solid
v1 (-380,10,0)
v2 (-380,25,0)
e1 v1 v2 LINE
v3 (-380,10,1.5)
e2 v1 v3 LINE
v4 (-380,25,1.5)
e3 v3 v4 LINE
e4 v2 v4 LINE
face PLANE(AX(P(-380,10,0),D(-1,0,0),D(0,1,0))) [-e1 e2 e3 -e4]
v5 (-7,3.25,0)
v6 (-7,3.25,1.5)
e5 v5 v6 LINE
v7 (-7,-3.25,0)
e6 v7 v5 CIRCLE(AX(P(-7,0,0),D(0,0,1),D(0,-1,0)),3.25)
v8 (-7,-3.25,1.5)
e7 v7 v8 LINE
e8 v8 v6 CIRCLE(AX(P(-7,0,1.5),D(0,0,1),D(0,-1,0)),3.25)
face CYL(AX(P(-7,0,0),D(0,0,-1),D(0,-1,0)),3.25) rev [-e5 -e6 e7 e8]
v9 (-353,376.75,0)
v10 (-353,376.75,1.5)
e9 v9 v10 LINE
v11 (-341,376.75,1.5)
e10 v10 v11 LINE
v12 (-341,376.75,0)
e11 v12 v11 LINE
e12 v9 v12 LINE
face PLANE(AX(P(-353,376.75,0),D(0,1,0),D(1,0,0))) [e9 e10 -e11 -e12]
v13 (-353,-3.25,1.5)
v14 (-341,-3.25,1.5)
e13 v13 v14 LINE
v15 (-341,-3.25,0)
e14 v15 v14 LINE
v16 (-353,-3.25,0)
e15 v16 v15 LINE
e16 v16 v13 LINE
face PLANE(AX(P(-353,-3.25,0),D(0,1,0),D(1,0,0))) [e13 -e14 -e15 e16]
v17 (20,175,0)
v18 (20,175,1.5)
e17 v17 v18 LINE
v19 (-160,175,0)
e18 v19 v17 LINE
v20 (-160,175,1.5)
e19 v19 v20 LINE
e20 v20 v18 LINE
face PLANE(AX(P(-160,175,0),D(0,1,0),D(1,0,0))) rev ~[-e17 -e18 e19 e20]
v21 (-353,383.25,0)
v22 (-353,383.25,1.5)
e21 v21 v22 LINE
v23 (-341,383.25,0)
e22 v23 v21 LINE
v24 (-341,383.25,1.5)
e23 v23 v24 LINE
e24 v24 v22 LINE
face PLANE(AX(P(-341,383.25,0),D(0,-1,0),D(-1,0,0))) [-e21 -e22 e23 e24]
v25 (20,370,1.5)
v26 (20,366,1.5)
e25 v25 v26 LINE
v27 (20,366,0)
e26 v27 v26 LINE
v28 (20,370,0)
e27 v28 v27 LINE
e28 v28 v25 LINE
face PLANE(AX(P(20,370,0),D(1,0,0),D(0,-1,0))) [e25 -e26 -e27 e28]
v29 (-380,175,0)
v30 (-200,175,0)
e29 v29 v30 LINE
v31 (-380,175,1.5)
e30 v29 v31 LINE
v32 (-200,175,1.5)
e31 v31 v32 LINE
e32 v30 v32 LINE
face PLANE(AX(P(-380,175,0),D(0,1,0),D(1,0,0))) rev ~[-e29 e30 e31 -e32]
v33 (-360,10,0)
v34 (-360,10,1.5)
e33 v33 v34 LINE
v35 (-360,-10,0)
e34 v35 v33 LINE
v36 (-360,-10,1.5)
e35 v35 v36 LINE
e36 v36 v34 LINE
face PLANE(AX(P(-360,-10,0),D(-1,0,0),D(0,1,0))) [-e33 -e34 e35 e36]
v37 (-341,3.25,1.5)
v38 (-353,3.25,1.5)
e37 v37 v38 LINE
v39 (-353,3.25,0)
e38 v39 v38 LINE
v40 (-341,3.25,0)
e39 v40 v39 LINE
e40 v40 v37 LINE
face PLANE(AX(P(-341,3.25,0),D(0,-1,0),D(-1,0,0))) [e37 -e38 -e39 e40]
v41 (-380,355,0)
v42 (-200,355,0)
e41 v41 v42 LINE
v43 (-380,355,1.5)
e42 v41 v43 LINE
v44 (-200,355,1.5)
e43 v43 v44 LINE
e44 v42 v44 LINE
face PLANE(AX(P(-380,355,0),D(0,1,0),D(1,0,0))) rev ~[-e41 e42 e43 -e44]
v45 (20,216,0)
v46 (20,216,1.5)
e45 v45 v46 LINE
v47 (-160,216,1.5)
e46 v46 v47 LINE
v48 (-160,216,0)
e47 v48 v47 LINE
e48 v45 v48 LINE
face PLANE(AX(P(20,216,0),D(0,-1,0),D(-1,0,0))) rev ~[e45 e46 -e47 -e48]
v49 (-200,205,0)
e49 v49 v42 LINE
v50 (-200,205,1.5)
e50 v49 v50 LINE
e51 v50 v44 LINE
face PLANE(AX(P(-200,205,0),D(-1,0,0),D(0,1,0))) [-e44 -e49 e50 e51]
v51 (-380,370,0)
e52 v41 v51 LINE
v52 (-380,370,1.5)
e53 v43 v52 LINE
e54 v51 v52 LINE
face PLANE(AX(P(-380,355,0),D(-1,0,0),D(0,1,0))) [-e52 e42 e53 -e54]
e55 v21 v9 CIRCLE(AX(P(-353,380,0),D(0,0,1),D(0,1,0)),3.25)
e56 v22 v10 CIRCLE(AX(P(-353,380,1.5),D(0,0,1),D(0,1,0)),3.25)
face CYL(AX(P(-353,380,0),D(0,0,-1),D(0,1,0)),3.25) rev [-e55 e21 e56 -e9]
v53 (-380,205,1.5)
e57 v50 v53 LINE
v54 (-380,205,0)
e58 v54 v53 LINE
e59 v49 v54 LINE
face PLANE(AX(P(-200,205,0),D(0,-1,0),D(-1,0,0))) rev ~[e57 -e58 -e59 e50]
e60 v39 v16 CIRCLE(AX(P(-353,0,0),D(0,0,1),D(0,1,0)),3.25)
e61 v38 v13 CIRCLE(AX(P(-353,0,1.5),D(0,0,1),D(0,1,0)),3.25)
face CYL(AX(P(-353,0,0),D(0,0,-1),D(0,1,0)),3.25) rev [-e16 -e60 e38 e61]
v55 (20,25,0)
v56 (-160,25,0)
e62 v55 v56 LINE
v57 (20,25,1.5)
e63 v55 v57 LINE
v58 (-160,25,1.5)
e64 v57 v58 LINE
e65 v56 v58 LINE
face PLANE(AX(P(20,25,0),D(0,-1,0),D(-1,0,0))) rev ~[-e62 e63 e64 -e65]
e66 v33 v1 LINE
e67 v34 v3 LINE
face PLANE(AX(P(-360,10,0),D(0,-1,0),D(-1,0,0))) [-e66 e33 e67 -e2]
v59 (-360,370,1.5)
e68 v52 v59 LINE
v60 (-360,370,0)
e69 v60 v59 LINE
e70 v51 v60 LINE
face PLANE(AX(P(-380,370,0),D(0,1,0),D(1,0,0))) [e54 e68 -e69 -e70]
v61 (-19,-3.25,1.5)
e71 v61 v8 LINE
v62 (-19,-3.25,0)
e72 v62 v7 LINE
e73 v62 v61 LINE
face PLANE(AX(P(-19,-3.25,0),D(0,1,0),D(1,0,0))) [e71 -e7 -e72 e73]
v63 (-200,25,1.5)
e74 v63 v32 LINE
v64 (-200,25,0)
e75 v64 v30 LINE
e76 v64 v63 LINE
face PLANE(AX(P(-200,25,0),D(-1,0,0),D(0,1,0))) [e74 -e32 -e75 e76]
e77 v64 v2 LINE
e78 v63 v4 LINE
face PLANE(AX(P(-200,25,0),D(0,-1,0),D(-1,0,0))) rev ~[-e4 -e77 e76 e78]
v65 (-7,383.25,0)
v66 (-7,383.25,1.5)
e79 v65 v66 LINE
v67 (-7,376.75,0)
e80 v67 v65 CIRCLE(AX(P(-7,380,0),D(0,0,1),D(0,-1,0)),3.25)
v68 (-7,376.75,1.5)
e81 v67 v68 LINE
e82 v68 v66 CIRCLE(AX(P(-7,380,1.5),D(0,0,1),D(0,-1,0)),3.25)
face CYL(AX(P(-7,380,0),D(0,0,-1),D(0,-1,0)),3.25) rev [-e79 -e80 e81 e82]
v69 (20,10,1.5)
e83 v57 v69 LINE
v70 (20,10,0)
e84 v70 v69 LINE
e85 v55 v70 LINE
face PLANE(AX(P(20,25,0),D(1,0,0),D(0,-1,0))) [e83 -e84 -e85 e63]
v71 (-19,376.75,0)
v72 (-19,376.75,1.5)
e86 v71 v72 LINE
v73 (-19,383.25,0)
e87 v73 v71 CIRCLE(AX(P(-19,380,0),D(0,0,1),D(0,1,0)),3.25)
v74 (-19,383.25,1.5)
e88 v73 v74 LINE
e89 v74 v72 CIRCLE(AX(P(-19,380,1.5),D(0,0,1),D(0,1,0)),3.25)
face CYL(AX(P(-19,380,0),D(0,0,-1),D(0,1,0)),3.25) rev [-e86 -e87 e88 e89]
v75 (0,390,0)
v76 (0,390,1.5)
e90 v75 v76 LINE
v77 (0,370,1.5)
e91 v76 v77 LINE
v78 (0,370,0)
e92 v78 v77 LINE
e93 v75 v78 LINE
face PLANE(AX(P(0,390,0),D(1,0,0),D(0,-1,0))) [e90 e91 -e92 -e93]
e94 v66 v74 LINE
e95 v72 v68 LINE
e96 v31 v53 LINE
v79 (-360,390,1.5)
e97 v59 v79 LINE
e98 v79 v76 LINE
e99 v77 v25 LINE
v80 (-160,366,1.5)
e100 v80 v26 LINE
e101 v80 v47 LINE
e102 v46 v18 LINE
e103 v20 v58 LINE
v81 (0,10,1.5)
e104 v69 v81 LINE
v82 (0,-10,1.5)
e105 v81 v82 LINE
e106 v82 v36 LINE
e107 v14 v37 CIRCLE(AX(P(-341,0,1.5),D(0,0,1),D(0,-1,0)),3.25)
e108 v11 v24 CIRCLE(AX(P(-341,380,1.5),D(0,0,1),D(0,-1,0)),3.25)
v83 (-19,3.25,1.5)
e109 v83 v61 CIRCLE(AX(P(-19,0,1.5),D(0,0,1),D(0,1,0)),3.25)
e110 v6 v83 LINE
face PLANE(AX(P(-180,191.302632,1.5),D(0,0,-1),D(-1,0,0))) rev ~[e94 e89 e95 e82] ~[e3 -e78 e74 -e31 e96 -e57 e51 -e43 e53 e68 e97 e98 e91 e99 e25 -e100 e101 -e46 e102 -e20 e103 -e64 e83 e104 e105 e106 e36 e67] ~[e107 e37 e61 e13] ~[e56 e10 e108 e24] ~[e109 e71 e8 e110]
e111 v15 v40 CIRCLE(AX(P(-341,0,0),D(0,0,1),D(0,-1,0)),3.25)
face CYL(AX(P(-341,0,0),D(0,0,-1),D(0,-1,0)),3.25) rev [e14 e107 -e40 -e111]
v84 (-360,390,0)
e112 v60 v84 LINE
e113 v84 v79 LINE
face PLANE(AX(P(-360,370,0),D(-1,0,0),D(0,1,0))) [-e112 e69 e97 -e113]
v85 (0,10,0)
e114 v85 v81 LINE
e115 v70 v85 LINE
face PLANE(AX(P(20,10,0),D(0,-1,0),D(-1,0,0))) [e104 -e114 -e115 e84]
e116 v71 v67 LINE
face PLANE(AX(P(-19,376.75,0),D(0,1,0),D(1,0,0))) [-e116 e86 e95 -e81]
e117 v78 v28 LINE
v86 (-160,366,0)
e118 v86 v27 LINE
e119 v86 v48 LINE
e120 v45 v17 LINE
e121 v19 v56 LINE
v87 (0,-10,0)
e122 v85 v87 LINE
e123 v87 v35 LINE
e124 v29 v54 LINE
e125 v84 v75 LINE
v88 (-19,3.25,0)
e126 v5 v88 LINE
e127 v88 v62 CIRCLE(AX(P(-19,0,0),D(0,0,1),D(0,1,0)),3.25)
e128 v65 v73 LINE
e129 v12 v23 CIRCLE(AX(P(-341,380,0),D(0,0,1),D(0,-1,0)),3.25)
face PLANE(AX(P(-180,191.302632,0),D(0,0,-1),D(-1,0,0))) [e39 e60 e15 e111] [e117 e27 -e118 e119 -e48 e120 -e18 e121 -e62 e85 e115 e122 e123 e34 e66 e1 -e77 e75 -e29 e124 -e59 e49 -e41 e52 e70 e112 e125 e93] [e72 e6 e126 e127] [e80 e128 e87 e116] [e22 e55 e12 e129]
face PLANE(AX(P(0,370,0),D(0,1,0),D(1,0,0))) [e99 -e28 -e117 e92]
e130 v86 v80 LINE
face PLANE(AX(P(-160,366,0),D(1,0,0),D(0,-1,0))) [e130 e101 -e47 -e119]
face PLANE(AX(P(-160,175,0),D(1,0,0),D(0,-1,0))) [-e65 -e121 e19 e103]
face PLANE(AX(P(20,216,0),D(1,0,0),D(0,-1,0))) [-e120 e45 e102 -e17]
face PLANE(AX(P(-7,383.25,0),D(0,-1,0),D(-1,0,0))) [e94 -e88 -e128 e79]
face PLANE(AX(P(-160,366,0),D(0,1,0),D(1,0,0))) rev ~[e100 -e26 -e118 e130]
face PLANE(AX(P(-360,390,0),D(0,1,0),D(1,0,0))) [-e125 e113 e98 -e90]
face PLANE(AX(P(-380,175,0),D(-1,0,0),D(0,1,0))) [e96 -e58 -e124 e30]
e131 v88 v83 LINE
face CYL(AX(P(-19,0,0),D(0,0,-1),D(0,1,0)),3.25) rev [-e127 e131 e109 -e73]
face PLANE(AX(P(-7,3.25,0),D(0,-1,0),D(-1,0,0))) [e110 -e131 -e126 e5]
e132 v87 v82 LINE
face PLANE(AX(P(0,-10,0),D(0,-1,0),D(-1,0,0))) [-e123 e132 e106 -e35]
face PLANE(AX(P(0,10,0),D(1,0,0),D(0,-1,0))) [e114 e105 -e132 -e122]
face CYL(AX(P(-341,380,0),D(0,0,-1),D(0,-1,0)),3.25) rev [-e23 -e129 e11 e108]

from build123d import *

# Parameters (mm, degrees)
EXTRUDE_1_DEPTH = 1.5


with BuildPart() as part:
    # 草图1 → 凸台-拉伸1 (new body)
    with BuildSketch(Plane.XY):
        Polygon((-10, 366), (-160, 366), (-160, 216), (-10, 216), (20, 216), (20, 175), (-10, 175), (-160, 175), (-160, 25), (-10, 25), (20, 25), (20, 10), (0, 10), (0, -10), (-360, -10), (-360, 10), (-380, 10), (-380, 25), (-350, 25), (-200, 25), (-200, 175), (-350, 175), (-380, 175), (-380, 205), (-350, 205), (-200, 205), (-200, 355), (-350, 355), (-380, 355), (-380, 370), (-360, 370), (-360, 390), (0, 390), (0, 370), (20, 370), (20, 366), align=None)
        with BuildLine():
            Line((-353, -3.25), (-341, -3.25))
            ThreePointArc((-341, -3.25), (-337.75, 0), (-341, 3.25))
            Line((-341, 3.25), (-353, 3.25))
            ThreePointArc((-353, 3.25), (-356.25, 0), (-353, -3.25))
        make_face(mode=Mode.SUBTRACT)
        with BuildLine():
            Line((-19, -3.25), (-7, -3.25))
            ThreePointArc((-7, -3.25), (-3.75, 0), (-7, 3.25))
            Line((-7, 3.25), (-19, 3.25))
            ThreePointArc((-19, 3.25), (-22.25, 0), (-19, -3.25))
        make_face(mode=Mode.SUBTRACT)
        with BuildLine():
            Line((-19, 376.75), (-7, 376.75))
            ThreePointArc((-7, 376.75), (-3.75, 380), (-7, 383.25))
            Line((-7, 383.25), (-19, 383.25))
            ThreePointArc((-19, 383.25), (-22.25, 380), (-19, 376.75))
        make_face(mode=Mode.SUBTRACT)
        with BuildLine():
            Line((-353, 376.75), (-341, 376.75))
            ThreePointArc((-341, 376.75), (-337.75, 380), (-341, 383.25))
            Line((-341, 383.25), (-353, 383.25))
            ThreePointArc((-353, 383.25), (-356.25, 380), (-353, 376.75))
        make_face(mode=Mode.SUBTRACT)
    extrude(amount=EXTRUDE_1_DEPTH)


solid = part.part
